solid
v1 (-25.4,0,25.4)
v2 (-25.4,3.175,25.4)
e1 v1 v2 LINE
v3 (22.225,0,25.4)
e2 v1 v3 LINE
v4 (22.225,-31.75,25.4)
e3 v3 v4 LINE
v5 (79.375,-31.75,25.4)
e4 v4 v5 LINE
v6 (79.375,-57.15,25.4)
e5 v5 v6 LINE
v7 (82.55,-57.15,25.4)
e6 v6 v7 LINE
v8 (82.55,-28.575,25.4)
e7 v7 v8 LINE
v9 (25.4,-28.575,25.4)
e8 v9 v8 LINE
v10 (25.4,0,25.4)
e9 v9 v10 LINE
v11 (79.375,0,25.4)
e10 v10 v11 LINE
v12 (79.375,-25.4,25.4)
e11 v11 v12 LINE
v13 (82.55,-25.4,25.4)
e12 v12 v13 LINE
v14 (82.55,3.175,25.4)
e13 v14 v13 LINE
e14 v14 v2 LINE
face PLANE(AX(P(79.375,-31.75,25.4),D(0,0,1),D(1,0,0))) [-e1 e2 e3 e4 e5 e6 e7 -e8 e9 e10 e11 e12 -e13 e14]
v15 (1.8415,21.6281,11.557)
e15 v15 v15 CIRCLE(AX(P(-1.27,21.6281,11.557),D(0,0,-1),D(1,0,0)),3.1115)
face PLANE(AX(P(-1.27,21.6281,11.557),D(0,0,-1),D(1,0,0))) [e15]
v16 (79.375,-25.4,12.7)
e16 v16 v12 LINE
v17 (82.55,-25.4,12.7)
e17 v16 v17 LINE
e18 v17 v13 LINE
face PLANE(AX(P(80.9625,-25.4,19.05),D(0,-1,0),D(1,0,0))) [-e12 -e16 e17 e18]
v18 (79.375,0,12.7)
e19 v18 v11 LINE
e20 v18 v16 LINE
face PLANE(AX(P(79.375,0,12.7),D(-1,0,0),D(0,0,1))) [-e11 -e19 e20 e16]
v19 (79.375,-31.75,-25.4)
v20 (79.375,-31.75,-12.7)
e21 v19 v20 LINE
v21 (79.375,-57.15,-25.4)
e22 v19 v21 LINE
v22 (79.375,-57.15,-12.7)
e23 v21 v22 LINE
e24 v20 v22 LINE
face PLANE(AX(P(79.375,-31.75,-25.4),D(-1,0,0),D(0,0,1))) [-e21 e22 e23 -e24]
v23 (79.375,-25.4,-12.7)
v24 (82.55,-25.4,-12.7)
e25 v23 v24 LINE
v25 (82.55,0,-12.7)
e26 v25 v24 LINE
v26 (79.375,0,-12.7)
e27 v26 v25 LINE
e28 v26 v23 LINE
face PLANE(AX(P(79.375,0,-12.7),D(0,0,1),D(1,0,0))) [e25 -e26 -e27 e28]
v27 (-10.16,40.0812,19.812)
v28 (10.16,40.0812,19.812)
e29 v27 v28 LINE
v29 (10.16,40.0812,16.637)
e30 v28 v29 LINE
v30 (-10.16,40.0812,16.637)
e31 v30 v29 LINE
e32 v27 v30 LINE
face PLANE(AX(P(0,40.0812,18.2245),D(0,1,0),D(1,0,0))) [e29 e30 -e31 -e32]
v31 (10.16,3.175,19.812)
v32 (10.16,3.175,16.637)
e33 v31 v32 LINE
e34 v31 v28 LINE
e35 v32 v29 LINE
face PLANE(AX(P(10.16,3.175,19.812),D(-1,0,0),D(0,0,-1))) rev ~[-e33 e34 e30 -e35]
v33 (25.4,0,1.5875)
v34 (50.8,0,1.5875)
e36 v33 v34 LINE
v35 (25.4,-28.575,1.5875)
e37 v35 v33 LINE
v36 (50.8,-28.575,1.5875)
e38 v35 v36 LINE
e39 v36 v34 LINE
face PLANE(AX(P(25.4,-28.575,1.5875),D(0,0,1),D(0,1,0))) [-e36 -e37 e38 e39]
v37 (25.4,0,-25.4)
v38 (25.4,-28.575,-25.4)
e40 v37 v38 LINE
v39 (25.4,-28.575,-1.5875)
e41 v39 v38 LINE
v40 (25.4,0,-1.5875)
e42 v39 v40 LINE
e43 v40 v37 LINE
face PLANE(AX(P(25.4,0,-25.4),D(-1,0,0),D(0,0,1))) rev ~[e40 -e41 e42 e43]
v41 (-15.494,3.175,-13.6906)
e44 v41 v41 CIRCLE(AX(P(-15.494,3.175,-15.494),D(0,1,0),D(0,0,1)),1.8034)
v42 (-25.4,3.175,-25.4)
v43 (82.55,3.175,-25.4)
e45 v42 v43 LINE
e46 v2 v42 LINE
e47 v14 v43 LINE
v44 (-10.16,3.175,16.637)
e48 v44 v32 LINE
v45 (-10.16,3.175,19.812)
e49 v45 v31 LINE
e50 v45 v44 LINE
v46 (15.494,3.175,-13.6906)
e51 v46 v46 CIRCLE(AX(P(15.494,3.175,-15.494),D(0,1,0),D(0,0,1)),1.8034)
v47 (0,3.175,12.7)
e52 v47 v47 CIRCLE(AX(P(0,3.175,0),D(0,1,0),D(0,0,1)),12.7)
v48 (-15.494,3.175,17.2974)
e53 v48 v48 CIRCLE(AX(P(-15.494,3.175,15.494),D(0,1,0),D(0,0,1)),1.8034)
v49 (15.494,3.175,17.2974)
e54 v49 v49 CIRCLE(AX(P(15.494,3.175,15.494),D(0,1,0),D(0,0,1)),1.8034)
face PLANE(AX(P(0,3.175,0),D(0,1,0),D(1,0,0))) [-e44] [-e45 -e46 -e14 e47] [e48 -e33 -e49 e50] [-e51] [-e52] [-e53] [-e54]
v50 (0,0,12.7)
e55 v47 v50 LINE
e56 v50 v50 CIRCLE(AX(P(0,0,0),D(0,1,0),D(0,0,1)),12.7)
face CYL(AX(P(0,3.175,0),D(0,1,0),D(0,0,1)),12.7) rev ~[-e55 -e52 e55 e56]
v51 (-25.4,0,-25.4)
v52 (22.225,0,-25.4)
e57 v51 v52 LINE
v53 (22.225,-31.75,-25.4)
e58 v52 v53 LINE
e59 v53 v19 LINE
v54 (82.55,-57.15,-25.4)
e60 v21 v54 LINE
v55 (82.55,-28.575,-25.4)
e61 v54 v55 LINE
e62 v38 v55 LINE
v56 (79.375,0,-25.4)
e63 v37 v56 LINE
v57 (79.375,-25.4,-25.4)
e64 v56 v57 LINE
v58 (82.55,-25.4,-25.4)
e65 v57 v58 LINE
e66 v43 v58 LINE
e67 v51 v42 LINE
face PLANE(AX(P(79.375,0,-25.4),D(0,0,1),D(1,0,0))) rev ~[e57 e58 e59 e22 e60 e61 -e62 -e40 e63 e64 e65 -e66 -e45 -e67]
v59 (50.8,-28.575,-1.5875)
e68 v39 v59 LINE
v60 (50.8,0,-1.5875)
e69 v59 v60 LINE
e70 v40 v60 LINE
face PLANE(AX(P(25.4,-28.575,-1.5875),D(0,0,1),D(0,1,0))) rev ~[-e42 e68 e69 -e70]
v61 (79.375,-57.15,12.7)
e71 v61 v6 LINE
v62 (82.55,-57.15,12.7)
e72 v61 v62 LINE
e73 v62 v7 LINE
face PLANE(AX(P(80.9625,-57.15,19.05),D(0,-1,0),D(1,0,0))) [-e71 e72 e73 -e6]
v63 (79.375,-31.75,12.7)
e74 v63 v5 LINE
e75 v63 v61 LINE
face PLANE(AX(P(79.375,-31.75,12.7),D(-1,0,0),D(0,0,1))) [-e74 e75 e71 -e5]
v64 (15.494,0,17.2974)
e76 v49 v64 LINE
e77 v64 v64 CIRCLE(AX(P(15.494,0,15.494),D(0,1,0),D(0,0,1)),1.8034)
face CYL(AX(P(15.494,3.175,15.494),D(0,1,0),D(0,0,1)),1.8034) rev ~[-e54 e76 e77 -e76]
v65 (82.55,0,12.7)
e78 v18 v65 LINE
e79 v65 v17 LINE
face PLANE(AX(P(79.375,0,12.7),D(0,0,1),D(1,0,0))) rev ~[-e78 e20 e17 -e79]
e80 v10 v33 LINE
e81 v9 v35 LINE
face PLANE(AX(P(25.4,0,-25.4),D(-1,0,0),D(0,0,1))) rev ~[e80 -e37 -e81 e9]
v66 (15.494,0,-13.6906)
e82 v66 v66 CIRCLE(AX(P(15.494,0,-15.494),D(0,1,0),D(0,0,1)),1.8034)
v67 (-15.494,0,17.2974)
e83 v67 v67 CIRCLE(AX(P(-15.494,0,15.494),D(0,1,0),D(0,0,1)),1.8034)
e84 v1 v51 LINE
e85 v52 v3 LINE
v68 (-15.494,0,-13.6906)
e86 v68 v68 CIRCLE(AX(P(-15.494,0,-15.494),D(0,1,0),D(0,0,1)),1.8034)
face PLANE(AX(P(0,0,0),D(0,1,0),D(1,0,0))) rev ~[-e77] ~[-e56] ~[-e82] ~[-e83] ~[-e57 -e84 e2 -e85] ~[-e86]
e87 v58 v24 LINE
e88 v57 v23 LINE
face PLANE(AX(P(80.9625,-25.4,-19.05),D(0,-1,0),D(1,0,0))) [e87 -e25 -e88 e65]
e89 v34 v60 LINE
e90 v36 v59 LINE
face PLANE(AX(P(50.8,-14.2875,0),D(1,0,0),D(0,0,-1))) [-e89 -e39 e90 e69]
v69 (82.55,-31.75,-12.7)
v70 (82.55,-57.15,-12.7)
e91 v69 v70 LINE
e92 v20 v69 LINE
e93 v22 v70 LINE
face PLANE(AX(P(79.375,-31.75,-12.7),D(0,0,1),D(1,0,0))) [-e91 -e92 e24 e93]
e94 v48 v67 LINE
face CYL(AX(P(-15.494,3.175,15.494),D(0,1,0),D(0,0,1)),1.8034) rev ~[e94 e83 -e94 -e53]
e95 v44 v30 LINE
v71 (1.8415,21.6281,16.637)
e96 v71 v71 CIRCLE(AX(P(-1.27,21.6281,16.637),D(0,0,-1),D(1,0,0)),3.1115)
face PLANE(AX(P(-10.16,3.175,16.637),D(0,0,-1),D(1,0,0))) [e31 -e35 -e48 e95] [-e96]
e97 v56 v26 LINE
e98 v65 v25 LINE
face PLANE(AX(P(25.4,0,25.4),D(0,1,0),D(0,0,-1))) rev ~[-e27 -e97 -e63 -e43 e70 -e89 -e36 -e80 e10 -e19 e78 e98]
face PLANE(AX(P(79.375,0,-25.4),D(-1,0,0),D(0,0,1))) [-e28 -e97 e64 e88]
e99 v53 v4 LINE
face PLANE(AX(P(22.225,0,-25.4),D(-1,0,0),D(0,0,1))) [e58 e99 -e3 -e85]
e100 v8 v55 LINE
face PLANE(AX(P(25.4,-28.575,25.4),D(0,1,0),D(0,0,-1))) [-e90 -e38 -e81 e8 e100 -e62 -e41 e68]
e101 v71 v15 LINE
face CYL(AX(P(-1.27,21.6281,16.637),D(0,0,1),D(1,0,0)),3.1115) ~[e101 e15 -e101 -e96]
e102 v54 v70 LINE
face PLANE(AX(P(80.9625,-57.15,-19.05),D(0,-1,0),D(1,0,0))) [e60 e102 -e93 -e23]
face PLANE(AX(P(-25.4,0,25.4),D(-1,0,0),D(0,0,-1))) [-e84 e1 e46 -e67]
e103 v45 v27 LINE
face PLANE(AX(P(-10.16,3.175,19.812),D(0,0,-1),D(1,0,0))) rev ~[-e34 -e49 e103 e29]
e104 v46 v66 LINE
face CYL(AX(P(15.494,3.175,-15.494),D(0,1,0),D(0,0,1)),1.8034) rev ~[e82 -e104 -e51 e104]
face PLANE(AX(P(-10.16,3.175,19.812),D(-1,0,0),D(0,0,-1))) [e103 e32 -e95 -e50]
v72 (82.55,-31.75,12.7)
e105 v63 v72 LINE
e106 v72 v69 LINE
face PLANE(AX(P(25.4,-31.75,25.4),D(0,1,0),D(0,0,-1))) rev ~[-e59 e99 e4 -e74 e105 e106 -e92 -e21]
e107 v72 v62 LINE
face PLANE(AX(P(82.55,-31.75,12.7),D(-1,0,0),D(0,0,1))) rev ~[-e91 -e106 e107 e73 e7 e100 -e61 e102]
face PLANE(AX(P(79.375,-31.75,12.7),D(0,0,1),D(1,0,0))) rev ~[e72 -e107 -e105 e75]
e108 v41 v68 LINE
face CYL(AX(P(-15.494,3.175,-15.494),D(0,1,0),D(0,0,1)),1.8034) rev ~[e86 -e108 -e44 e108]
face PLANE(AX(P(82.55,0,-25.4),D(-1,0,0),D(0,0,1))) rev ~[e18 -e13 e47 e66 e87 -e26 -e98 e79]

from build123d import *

# Parameters (mm, degrees)
SKETCH1_W            = 50.8
SKETCH1_H            = 50.8
BOSS_EXTRUDE1_DEPTH  = 3.175
SKETCH2_R            = 12.7
SKETCH2_R_2          = 1.8034
CUT_EXTRUDE1_DEPTH   = 37.061067996
SKETCH6_W            = 20.32
SKETCH6_H            = 3.175
BOSS_EXTRUDE4_DEPTH  = 36.9062
SKETCH7_R            = 3.1115
BOSS_EXTRUDE5_DEPTH  = 5.08
SKETCH11_W           = 3.175
SKETCH11_H           = 50.8
BOSS_EXTRUDE8_DEPTH  = 31.75
SKETCH13_W           = 50.8
SKETCH13_H           = 3.175
BOSS_EXTRUDE10_DEPTH = 57.15
SKETCH15_W           = 3.175
SKETCH15_H           = 12.7
BOSS_EXTRUDE12_DEPTH = 25.4
SKETCH16_W           = 3.175
SKETCH16_H           = 12.7
BOSS_EXTRUDE13_DEPTH = 25.4
SKETCH17_W           = 3.175
SKETCH17_H           = 28.575
BOSS_EXTRUDE14_DEPTH = 25.4


with BuildPart() as part:
    # Sketch1 → Boss-Extrude1 (new body)
    with BuildSketch(Plane(origin=(0, 0, 0), x_dir=(1, 0, 0), z_dir=(0, 1, 0))):
        Rectangle(SKETCH1_W, SKETCH1_H)
    extrude(amount=BOSS_EXTRUDE1_DEPTH)

    # Sketch2 → Cut-Extrude1 (cut, through all)
    with BuildSketch(Plane(origin=(0, 3.175, 0), x_dir=(1, 0, 0), z_dir=(0, 1, 0))):
        with Locations(Location((0, 0, 0), (0, 0, 270))):
            Circle(SKETCH2_R)
        with Locations(Location((-15.494, 15.494, 0), (0, 0, 270))):
            Circle(SKETCH2_R_2)
        with Locations(Location((15.494, 15.494, 0), (0, 0, 270))):
            Circle(SKETCH2_R_2)
        with Locations(Location((15.494, -15.494, 0), (0, 0, 270))):
            Circle(SKETCH2_R_2)
        with Locations(Location((-15.494, -15.494, 0), (0, 0, 270))):
            Circle(SKETCH2_R_2)
    extrude(amount=-CUT_EXTRUDE1_DEPTH, mode=Mode.SUBTRACT)

    # Sketch6 → Boss-Extrude4 (add)
    with BuildSketch(Plane(origin=(0, 3.175, 0), x_dir=(1, 0, 0), z_dir=(0, 1, 0))):
        with Locations((0, -18.2245)):
            Rectangle(SKETCH6_W, SKETCH6_H)
    extrude(amount=BOSS_EXTRUDE4_DEPTH)

    # Sketch7 → Boss-Extrude5 (add)
    with BuildSketch(Plane(origin=(0, 0, 16.637), x_dir=(-1, 0, 0), z_dir=(0, 0, -1))):
        with Locations(Location((1.27, 21.6281, 0), (0, 0, 180))):
            Circle(SKETCH7_R)
    extrude(amount=BOSS_EXTRUDE5_DEPTH)

    # Sketch11 → Boss-Extrude8 (add)
    with BuildSketch(Plane.XZ):
        with Locations((23.8125, 0)):
            Rectangle(SKETCH11_W, SKETCH11_H)
    extrude(amount=BOSS_EXTRUDE8_DEPTH)

    # Sketch13 → Boss-Extrude10 (add)
    with BuildSketch(Plane(origin=(25.4, 0, 0), x_dir=(0, 0, -1), z_dir=(1, 0, 0))):
        with Locations((0, -30.1625)):
            Rectangle(SKETCH13_W, SKETCH13_H)
        with Locations((0, 1.5875)):
            Rectangle(SKETCH13_W, SKETCH13_H)
    extrude(amount=BOSS_EXTRUDE10_DEPTH)

    # Sketch15 → Boss-Extrude12 (add)
    with BuildSketch(Plane.XZ.offset(31.75)):
        with Locations((80.9625, 19.05)):
            Rectangle(SKETCH15_W, SKETCH15_H)
        with Locations((80.9625, -19.05)):
            Rectangle(SKETCH15_W, SKETCH15_H)
    extrude(amount=BOSS_EXTRUDE12_DEPTH)

    # Sketch16 → Boss-Extrude13 (add)
    with BuildSketch(Plane.XZ):
        with Locations((80.9625, -19.05)):
            Rectangle(SKETCH16_W, SKETCH16_H)
        with Locations((80.9625, 19.05)):
            Rectangle(SKETCH16_W, SKETCH16_H)
    extrude(amount=BOSS_EXTRUDE13_DEPTH)

    # Sketch17 → Boss-Extrude14 (add)
    with BuildSketch(Plane(origin=(25.4, 0, 0), x_dir=(0, 0, -1), z_dir=(1, 0, 0))):
        with Locations((0, -14.2875)):
            Rectangle(SKETCH17_W, SKETCH17_H)
    extrude(amount=BOSS_EXTRUDE14_DEPTH)


solid = part.part
